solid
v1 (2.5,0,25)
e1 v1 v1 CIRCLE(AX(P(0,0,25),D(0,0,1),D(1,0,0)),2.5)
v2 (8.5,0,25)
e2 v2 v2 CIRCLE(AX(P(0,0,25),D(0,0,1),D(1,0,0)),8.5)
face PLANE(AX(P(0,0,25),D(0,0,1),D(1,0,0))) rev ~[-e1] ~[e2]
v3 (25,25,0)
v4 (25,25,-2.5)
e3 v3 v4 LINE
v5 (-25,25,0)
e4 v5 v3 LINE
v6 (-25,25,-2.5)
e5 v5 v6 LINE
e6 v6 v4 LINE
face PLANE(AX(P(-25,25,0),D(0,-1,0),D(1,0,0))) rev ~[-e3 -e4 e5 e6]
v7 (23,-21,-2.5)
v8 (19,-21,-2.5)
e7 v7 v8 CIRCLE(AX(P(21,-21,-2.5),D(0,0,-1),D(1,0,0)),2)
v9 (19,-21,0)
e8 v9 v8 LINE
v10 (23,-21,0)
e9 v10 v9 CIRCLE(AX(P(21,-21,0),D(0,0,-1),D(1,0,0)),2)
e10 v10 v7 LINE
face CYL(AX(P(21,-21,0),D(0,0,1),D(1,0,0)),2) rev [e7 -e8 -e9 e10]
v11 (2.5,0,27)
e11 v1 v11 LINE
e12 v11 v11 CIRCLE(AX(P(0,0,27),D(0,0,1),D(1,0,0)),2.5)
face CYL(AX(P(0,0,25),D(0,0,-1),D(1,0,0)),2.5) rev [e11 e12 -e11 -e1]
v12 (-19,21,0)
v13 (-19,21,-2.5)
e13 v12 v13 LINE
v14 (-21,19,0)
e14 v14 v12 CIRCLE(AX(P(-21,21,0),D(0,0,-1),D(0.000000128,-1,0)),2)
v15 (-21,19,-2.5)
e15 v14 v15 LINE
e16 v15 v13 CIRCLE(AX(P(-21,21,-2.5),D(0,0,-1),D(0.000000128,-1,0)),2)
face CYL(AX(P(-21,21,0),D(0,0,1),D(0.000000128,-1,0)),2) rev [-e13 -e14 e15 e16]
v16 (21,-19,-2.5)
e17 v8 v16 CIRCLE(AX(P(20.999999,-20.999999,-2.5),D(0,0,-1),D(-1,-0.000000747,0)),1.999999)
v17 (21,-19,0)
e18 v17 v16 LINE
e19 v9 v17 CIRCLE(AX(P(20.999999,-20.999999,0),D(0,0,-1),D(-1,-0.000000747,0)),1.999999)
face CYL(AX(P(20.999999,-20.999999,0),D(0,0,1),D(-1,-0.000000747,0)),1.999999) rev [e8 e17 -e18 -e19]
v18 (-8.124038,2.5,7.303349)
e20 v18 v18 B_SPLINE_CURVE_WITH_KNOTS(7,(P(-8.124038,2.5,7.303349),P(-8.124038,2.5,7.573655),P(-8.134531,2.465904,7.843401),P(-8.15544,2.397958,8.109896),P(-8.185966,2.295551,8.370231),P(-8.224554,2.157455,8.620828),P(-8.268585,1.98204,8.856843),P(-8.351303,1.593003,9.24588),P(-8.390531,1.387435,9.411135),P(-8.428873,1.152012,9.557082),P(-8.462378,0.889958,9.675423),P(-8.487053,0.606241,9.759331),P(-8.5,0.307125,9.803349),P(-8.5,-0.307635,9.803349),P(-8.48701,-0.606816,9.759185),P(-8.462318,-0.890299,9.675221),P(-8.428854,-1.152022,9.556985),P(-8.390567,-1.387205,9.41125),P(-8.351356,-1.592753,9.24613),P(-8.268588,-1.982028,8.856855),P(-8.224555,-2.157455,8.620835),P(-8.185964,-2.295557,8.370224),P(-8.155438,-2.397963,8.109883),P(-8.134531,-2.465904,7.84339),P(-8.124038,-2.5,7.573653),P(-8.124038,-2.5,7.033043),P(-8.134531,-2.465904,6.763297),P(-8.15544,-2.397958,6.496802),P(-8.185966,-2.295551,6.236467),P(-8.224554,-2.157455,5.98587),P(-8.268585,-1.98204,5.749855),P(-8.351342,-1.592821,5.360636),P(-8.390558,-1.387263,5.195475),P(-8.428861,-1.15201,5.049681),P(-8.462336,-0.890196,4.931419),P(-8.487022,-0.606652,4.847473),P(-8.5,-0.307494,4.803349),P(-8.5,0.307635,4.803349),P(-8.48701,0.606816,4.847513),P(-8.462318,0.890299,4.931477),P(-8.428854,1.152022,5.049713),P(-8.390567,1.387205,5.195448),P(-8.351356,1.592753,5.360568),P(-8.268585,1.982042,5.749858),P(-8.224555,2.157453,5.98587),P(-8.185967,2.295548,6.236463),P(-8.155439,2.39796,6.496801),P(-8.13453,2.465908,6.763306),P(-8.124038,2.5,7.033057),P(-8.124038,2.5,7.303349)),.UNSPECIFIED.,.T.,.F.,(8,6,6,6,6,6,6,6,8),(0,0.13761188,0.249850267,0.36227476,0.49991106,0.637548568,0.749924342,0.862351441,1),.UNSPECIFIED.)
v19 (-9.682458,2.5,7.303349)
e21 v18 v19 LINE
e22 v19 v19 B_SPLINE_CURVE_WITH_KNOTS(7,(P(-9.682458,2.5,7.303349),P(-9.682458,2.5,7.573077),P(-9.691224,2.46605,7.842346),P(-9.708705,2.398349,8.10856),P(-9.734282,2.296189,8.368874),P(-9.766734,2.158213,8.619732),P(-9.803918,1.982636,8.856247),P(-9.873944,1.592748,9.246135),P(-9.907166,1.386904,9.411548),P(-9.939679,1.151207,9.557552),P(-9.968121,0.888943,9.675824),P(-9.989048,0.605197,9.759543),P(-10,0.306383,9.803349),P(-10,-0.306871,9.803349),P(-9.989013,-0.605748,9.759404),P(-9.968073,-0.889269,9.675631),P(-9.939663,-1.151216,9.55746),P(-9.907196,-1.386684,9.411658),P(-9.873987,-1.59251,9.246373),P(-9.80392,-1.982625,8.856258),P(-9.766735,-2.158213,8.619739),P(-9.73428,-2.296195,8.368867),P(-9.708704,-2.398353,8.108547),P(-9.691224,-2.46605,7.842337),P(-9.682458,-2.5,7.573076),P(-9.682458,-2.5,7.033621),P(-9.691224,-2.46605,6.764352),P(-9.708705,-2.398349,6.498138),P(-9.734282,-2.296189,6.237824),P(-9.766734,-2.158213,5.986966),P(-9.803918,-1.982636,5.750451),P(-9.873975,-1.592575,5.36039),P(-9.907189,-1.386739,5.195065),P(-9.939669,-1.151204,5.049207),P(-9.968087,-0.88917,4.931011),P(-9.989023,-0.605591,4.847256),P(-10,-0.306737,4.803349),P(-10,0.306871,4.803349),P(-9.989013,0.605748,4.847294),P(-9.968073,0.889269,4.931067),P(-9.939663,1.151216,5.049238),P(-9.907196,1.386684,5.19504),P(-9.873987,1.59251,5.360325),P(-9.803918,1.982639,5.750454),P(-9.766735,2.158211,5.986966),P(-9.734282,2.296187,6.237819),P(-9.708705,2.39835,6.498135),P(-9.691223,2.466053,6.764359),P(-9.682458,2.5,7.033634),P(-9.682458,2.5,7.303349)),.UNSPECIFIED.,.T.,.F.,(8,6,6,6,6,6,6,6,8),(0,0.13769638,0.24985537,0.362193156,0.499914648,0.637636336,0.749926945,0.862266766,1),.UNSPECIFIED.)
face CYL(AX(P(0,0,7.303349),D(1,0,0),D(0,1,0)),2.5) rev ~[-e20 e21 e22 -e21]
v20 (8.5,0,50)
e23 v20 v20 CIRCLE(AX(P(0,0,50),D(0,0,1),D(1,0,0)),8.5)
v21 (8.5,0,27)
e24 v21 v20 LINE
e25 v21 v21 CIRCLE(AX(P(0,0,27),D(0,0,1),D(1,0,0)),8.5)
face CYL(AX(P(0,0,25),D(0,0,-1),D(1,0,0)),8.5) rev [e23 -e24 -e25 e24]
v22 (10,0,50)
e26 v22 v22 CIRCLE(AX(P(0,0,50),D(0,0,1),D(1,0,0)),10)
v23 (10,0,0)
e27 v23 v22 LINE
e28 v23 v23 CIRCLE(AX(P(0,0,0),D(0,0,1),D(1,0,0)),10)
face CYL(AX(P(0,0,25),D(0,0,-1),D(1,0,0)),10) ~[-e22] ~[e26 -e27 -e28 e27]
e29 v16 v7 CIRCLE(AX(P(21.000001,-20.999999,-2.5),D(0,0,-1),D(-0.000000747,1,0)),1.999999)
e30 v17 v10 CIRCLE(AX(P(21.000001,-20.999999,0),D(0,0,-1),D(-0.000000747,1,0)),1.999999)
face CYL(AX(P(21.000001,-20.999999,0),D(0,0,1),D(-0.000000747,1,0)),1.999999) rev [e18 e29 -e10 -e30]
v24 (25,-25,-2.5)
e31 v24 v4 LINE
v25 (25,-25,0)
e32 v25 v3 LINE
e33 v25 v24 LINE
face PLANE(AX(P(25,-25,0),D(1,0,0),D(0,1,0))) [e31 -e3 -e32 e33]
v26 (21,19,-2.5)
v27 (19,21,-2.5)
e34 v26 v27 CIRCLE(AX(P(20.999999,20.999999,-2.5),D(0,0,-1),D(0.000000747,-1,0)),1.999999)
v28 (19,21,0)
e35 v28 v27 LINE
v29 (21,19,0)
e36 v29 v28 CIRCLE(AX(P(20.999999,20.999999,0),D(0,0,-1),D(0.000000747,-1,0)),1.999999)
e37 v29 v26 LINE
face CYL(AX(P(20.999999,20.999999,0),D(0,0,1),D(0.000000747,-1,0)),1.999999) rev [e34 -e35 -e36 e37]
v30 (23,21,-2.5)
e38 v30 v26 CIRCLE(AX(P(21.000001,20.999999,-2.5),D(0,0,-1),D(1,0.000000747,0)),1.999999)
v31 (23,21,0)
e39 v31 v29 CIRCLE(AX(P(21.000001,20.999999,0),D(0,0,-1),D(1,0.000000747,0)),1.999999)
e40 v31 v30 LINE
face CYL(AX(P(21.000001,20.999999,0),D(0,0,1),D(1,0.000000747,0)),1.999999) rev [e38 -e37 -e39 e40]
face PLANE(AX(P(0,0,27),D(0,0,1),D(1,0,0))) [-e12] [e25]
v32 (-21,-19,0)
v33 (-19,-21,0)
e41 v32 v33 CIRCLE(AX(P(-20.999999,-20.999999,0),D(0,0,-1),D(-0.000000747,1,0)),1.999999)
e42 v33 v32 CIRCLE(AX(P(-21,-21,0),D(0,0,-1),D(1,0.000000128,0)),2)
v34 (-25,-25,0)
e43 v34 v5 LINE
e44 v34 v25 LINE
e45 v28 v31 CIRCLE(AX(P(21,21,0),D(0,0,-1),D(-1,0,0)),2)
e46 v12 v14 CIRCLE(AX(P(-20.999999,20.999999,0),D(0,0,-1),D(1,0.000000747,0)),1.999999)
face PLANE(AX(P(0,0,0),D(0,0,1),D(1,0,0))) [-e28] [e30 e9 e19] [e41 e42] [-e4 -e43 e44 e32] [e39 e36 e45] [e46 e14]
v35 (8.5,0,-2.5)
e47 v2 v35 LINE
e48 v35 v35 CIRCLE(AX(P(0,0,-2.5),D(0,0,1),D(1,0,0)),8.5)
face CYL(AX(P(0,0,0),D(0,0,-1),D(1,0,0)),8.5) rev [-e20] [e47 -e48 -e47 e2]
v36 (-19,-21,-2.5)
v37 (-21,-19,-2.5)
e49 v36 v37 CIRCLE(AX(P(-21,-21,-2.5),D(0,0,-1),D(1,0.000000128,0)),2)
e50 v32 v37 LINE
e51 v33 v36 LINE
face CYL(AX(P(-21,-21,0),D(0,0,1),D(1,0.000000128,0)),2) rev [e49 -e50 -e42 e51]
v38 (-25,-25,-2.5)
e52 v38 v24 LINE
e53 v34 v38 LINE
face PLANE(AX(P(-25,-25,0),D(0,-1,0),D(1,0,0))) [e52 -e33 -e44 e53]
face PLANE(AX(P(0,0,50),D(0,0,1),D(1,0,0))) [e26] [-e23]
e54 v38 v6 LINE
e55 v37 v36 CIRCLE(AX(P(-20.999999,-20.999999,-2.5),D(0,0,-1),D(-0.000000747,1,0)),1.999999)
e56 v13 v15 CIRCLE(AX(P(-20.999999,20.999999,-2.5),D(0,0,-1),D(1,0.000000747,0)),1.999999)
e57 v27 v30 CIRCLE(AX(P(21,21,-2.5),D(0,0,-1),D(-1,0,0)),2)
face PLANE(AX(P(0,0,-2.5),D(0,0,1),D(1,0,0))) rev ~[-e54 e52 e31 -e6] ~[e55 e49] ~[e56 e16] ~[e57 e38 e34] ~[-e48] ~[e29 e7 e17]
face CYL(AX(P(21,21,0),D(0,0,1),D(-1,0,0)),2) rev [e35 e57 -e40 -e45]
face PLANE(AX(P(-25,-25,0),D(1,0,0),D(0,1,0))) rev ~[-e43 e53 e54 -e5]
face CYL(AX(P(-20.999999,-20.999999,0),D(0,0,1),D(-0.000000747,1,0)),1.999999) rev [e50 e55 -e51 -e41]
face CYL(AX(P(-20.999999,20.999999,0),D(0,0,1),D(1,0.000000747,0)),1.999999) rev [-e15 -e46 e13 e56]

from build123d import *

# Parameters (mm, degrees)
F0_W     = 50
F0_H     = 50
F0_R     = 10
F0_R_2   = 8.5
F1_DEPTH = 2.5
F2_DEPTH = 25
F4_R     = 8.5
F4_R_2   = 2.5
F5_DEPTH = 2
F4_R_3   = 10
F6_DEPTH = 25
F7_R     = 2.5
F8_DEPTH = 25


with BuildPart() as f1:
    # F0 (on Top) → F1 (new body)
    with BuildSketch(Plane.XY):
        Rectangle(F0_W, F0_H)
        with BuildLine():
            ThreePointArc((-21, 19), (-22.414214, 22.414214), (-19, 21))
            Line((-19, 21), (19, 21))
            ThreePointArc((19, 21), (21, 23), (23, 21))
            ThreePointArc((23, 21), (22.414214, 19.585786), (21, 19))
            Line((21, 19), (21, -19))
            ThreePointArc((21, -19), (22.414214, -19.585786), (23, -21))
            ThreePointArc((23, -21), (21, -23), (19, -21))
            Line((19, -21), (-19, -21))
            ThreePointArc((-19, -21), (-22.414214, -22.414214), (-21, -19))
            Line((-21, -19), (-21, 19))
        make_face(mode=Mode.SUBTRACT)
        with BuildLine():
            Line((19, 21), (-19, 21))
            ThreePointArc((-19, 21), (-19.585786, 19.585786), (-21, 19))
            Line((-21, 19), (-21, -19))
            ThreePointArc((-21, -19), (-19.585786, -19.585786), (-19, -21))
            Line((-19, -21), (19, -21))
            ThreePointArc((19, -21), (19.585786, -19.585786), (21, -19))
            Line((21, -19), (21, 19))
            ThreePointArc((21, 19), (19.585786, 19.585786), (19, 21))
        make_face()
        Circle(F0_R, mode=Mode.SUBTRACT)
        Circle(F0_R)
        Circle(F0_R_2, mode=Mode.SUBTRACT)
    extrude(amount=-F1_DEPTH)

    # F0 (on Top) → F2 (join)
    with BuildSketch(Plane.XY):
        Circle(F0_R)
        Circle(F0_R_2, mode=Mode.SUBTRACT)
    extrude(amount=F2_DEPTH)

    # F4 (on offset) → F5 (join)
    with BuildSketch(Plane.XY.offset(25)):
        Circle(F4_R)
        Circle(F4_R_2, mode=Mode.SUBTRACT)
    extrude(amount=F5_DEPTH)

    # F4 (on offset) → F6 (join)
    with BuildSketch(Plane.XY.offset(25)):
        Circle(F4_R_3)
        Circle(F4_R, mode=Mode.SUBTRACT)
    extrude(amount=F6_DEPTH)

    # F7 (on Right) → F8 (cut)
    with BuildSketch(Plane.YZ):
        with Locations((0, 7.303349)):
            Circle(F7_R)
    extrude(amount=-F8_DEPTH, mode=Mode.SUBTRACT)


solid = f1.part
